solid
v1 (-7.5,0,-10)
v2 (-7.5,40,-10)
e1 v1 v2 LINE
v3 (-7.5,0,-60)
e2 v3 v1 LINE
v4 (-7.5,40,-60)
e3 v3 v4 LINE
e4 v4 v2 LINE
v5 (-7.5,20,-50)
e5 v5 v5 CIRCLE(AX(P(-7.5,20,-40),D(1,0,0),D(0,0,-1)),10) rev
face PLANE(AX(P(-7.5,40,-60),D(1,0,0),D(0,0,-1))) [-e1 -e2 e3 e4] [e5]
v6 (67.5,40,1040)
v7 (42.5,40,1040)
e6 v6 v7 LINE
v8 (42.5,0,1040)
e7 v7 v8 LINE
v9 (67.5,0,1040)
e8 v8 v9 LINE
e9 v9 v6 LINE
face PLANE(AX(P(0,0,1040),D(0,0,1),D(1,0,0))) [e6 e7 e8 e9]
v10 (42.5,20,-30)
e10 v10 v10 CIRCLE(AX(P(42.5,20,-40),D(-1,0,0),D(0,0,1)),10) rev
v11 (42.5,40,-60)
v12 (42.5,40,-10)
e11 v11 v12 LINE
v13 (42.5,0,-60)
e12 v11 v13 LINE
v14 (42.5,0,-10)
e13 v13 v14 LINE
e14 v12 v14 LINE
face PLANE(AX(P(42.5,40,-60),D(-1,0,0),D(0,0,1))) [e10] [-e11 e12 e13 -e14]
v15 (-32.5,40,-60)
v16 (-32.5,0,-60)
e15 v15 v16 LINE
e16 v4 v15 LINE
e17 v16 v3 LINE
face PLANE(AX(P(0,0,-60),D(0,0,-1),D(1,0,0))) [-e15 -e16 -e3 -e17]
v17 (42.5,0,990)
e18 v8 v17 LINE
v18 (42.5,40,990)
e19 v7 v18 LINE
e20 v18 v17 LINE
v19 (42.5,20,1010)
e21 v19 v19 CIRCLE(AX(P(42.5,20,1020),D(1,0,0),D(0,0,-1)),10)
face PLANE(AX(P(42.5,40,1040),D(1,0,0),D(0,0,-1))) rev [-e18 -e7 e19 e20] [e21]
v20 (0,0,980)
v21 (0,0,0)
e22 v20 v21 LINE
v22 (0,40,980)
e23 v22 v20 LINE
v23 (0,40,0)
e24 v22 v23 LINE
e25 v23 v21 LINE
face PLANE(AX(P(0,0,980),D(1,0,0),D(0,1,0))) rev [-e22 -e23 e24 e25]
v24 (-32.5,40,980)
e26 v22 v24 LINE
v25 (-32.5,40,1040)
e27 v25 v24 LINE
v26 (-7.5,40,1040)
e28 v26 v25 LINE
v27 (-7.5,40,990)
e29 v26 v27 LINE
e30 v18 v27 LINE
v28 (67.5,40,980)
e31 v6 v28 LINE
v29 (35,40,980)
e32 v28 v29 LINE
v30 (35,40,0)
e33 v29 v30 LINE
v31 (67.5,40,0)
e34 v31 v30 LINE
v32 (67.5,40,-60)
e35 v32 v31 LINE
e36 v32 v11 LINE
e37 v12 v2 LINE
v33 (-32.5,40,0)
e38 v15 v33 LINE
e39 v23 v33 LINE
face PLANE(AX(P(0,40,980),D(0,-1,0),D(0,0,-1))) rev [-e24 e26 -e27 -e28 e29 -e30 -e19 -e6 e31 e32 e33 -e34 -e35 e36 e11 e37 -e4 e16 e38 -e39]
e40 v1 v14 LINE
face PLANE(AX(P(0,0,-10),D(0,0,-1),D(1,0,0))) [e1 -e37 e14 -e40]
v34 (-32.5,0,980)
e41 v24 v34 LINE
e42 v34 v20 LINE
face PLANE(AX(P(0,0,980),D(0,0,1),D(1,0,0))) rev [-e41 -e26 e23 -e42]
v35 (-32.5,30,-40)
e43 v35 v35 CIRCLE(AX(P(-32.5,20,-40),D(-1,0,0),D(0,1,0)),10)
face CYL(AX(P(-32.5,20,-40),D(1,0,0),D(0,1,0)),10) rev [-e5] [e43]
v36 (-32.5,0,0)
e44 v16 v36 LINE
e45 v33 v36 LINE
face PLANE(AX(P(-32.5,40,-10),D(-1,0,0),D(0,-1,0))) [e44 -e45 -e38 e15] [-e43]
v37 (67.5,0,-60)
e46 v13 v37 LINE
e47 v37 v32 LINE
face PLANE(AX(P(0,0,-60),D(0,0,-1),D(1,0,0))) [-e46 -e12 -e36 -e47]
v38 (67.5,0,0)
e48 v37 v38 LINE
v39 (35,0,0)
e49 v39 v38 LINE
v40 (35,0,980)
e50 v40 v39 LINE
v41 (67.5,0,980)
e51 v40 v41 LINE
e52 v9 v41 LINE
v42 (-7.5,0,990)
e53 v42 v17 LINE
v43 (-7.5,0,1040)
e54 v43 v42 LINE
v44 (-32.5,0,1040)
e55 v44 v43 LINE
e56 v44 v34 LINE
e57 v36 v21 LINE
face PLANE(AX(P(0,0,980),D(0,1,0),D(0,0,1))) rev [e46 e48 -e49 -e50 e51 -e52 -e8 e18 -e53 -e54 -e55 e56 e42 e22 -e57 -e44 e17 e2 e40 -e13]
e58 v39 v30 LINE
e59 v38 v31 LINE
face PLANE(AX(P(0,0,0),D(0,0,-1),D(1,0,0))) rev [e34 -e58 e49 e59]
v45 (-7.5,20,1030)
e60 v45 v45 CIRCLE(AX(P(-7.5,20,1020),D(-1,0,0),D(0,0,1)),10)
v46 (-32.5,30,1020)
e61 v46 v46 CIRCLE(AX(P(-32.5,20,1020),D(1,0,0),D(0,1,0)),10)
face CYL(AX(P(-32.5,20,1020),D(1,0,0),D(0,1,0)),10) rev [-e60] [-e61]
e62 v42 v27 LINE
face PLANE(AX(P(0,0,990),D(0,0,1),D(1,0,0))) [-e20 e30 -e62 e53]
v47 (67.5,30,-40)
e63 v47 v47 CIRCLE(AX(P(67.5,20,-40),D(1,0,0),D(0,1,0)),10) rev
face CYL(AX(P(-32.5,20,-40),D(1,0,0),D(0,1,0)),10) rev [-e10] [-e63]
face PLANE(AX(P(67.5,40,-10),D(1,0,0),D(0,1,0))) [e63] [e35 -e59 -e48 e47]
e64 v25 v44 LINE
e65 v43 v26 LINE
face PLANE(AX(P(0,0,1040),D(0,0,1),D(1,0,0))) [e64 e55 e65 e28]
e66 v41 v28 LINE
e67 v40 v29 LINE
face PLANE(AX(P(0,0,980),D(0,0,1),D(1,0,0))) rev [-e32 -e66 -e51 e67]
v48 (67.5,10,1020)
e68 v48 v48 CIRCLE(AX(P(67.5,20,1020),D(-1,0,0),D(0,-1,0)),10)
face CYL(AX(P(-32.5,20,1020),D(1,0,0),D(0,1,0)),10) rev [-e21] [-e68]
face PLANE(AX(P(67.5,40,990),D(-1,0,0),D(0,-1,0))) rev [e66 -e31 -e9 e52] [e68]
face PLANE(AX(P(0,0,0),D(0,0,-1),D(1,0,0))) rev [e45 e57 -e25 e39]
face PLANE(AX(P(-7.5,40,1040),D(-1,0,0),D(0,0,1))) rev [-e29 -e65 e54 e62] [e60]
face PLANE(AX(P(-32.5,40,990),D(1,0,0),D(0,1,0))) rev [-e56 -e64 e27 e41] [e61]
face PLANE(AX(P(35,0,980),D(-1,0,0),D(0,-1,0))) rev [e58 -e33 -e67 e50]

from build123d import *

# Parameters (mm, degrees)
SZKIC1_W                    = 35
SZKIC1_H                    = 40
DODANIE_WYCI_GNI_CIE1_DEPTH = 980
SZKIC2_W                    = 100
SZKIC2_H                    = 40
DODANIE_WYCI_GNI_CIE2_DEPTH = 10
SZKIC3_W                    = 25
SZKIC3_H                    = 40
DODANIE_WYCI_GNI_CIE3_DEPTH = 50
SZKIC4_R                    = 10
WYTNIJ_WYCI_GNI_CIE3_DEPTH  = 1060.811303959


with BuildPart() as part:
    # Szkic1 → Dodanie-wyciągnięcie1 (new body)
    with BuildSketch(Plane.XY):
        with Locations((17.5, 20)):
            Rectangle(SZKIC1_W, SZKIC1_H)
    extrude(amount=DODANIE_WYCI_GNI_CIE1_DEPTH)

    # Szkic2 → Dodanie-wyciągnięcie2 (add)
    with BuildSketch(Plane.XY.offset(980)):
        with Locations((17.5, 20)):
            Rectangle(SZKIC2_W, SZKIC2_H)
    dodanie_wyci_gni_cie2 = extrude(amount=DODANIE_WYCI_GNI_CIE2_DEPTH)

    # Szkic3 → Dodanie-wyciągnięcie3 (add)
    with BuildSketch(Plane.XY.offset(990)):
        with Locations((-20, 20)):
            Rectangle(SZKIC3_W, SZKIC3_H)
        with Locations((55, 20)):
            Rectangle(SZKIC3_W, SZKIC3_H)
    dodanie_wyci_gni_cie3 = extrude(amount=DODANIE_WYCI_GNI_CIE3_DEPTH)

    # Szkic4 → Wytnij-wyciągnięcie3 (cut, through all)
    with BuildSketch(Plane(origin=(167.5, 0, 0), x_dir=(0, 0, -1), z_dir=(1, 0, 0))):
        with Locations((-1020, 20)):
            Circle(SZKIC4_R)
    wytnij_wyci_gni_cie3 = extrude(amount=-WYTNIJ_WYCI_GNI_CIE3_DEPTH, mode=Mode.SUBTRACT)

    # Lustro1: Dodanie-wyciągnięcie2, Dodanie-wyciągnięcie3, Wytnij-wyciągnięcie3 across plane
    add(dodanie_wyci_gni_cie2.mirror(Plane(origin=(0, 0, 490), x_dir=(1, 0, 0), z_dir=(0, 0, -1))))
    add(dodanie_wyci_gni_cie3.mirror(Plane(origin=(0, 0, 490), x_dir=(1, 0, 0), z_dir=(0, 0, -1))))
    add(wytnij_wyci_gni_cie3.mirror(Plane(origin=(0, 0, 490), x_dir=(1, 0, 0), z_dir=(0, 0, -1))), mode=Mode.SUBTRACT)


solid = part.part
